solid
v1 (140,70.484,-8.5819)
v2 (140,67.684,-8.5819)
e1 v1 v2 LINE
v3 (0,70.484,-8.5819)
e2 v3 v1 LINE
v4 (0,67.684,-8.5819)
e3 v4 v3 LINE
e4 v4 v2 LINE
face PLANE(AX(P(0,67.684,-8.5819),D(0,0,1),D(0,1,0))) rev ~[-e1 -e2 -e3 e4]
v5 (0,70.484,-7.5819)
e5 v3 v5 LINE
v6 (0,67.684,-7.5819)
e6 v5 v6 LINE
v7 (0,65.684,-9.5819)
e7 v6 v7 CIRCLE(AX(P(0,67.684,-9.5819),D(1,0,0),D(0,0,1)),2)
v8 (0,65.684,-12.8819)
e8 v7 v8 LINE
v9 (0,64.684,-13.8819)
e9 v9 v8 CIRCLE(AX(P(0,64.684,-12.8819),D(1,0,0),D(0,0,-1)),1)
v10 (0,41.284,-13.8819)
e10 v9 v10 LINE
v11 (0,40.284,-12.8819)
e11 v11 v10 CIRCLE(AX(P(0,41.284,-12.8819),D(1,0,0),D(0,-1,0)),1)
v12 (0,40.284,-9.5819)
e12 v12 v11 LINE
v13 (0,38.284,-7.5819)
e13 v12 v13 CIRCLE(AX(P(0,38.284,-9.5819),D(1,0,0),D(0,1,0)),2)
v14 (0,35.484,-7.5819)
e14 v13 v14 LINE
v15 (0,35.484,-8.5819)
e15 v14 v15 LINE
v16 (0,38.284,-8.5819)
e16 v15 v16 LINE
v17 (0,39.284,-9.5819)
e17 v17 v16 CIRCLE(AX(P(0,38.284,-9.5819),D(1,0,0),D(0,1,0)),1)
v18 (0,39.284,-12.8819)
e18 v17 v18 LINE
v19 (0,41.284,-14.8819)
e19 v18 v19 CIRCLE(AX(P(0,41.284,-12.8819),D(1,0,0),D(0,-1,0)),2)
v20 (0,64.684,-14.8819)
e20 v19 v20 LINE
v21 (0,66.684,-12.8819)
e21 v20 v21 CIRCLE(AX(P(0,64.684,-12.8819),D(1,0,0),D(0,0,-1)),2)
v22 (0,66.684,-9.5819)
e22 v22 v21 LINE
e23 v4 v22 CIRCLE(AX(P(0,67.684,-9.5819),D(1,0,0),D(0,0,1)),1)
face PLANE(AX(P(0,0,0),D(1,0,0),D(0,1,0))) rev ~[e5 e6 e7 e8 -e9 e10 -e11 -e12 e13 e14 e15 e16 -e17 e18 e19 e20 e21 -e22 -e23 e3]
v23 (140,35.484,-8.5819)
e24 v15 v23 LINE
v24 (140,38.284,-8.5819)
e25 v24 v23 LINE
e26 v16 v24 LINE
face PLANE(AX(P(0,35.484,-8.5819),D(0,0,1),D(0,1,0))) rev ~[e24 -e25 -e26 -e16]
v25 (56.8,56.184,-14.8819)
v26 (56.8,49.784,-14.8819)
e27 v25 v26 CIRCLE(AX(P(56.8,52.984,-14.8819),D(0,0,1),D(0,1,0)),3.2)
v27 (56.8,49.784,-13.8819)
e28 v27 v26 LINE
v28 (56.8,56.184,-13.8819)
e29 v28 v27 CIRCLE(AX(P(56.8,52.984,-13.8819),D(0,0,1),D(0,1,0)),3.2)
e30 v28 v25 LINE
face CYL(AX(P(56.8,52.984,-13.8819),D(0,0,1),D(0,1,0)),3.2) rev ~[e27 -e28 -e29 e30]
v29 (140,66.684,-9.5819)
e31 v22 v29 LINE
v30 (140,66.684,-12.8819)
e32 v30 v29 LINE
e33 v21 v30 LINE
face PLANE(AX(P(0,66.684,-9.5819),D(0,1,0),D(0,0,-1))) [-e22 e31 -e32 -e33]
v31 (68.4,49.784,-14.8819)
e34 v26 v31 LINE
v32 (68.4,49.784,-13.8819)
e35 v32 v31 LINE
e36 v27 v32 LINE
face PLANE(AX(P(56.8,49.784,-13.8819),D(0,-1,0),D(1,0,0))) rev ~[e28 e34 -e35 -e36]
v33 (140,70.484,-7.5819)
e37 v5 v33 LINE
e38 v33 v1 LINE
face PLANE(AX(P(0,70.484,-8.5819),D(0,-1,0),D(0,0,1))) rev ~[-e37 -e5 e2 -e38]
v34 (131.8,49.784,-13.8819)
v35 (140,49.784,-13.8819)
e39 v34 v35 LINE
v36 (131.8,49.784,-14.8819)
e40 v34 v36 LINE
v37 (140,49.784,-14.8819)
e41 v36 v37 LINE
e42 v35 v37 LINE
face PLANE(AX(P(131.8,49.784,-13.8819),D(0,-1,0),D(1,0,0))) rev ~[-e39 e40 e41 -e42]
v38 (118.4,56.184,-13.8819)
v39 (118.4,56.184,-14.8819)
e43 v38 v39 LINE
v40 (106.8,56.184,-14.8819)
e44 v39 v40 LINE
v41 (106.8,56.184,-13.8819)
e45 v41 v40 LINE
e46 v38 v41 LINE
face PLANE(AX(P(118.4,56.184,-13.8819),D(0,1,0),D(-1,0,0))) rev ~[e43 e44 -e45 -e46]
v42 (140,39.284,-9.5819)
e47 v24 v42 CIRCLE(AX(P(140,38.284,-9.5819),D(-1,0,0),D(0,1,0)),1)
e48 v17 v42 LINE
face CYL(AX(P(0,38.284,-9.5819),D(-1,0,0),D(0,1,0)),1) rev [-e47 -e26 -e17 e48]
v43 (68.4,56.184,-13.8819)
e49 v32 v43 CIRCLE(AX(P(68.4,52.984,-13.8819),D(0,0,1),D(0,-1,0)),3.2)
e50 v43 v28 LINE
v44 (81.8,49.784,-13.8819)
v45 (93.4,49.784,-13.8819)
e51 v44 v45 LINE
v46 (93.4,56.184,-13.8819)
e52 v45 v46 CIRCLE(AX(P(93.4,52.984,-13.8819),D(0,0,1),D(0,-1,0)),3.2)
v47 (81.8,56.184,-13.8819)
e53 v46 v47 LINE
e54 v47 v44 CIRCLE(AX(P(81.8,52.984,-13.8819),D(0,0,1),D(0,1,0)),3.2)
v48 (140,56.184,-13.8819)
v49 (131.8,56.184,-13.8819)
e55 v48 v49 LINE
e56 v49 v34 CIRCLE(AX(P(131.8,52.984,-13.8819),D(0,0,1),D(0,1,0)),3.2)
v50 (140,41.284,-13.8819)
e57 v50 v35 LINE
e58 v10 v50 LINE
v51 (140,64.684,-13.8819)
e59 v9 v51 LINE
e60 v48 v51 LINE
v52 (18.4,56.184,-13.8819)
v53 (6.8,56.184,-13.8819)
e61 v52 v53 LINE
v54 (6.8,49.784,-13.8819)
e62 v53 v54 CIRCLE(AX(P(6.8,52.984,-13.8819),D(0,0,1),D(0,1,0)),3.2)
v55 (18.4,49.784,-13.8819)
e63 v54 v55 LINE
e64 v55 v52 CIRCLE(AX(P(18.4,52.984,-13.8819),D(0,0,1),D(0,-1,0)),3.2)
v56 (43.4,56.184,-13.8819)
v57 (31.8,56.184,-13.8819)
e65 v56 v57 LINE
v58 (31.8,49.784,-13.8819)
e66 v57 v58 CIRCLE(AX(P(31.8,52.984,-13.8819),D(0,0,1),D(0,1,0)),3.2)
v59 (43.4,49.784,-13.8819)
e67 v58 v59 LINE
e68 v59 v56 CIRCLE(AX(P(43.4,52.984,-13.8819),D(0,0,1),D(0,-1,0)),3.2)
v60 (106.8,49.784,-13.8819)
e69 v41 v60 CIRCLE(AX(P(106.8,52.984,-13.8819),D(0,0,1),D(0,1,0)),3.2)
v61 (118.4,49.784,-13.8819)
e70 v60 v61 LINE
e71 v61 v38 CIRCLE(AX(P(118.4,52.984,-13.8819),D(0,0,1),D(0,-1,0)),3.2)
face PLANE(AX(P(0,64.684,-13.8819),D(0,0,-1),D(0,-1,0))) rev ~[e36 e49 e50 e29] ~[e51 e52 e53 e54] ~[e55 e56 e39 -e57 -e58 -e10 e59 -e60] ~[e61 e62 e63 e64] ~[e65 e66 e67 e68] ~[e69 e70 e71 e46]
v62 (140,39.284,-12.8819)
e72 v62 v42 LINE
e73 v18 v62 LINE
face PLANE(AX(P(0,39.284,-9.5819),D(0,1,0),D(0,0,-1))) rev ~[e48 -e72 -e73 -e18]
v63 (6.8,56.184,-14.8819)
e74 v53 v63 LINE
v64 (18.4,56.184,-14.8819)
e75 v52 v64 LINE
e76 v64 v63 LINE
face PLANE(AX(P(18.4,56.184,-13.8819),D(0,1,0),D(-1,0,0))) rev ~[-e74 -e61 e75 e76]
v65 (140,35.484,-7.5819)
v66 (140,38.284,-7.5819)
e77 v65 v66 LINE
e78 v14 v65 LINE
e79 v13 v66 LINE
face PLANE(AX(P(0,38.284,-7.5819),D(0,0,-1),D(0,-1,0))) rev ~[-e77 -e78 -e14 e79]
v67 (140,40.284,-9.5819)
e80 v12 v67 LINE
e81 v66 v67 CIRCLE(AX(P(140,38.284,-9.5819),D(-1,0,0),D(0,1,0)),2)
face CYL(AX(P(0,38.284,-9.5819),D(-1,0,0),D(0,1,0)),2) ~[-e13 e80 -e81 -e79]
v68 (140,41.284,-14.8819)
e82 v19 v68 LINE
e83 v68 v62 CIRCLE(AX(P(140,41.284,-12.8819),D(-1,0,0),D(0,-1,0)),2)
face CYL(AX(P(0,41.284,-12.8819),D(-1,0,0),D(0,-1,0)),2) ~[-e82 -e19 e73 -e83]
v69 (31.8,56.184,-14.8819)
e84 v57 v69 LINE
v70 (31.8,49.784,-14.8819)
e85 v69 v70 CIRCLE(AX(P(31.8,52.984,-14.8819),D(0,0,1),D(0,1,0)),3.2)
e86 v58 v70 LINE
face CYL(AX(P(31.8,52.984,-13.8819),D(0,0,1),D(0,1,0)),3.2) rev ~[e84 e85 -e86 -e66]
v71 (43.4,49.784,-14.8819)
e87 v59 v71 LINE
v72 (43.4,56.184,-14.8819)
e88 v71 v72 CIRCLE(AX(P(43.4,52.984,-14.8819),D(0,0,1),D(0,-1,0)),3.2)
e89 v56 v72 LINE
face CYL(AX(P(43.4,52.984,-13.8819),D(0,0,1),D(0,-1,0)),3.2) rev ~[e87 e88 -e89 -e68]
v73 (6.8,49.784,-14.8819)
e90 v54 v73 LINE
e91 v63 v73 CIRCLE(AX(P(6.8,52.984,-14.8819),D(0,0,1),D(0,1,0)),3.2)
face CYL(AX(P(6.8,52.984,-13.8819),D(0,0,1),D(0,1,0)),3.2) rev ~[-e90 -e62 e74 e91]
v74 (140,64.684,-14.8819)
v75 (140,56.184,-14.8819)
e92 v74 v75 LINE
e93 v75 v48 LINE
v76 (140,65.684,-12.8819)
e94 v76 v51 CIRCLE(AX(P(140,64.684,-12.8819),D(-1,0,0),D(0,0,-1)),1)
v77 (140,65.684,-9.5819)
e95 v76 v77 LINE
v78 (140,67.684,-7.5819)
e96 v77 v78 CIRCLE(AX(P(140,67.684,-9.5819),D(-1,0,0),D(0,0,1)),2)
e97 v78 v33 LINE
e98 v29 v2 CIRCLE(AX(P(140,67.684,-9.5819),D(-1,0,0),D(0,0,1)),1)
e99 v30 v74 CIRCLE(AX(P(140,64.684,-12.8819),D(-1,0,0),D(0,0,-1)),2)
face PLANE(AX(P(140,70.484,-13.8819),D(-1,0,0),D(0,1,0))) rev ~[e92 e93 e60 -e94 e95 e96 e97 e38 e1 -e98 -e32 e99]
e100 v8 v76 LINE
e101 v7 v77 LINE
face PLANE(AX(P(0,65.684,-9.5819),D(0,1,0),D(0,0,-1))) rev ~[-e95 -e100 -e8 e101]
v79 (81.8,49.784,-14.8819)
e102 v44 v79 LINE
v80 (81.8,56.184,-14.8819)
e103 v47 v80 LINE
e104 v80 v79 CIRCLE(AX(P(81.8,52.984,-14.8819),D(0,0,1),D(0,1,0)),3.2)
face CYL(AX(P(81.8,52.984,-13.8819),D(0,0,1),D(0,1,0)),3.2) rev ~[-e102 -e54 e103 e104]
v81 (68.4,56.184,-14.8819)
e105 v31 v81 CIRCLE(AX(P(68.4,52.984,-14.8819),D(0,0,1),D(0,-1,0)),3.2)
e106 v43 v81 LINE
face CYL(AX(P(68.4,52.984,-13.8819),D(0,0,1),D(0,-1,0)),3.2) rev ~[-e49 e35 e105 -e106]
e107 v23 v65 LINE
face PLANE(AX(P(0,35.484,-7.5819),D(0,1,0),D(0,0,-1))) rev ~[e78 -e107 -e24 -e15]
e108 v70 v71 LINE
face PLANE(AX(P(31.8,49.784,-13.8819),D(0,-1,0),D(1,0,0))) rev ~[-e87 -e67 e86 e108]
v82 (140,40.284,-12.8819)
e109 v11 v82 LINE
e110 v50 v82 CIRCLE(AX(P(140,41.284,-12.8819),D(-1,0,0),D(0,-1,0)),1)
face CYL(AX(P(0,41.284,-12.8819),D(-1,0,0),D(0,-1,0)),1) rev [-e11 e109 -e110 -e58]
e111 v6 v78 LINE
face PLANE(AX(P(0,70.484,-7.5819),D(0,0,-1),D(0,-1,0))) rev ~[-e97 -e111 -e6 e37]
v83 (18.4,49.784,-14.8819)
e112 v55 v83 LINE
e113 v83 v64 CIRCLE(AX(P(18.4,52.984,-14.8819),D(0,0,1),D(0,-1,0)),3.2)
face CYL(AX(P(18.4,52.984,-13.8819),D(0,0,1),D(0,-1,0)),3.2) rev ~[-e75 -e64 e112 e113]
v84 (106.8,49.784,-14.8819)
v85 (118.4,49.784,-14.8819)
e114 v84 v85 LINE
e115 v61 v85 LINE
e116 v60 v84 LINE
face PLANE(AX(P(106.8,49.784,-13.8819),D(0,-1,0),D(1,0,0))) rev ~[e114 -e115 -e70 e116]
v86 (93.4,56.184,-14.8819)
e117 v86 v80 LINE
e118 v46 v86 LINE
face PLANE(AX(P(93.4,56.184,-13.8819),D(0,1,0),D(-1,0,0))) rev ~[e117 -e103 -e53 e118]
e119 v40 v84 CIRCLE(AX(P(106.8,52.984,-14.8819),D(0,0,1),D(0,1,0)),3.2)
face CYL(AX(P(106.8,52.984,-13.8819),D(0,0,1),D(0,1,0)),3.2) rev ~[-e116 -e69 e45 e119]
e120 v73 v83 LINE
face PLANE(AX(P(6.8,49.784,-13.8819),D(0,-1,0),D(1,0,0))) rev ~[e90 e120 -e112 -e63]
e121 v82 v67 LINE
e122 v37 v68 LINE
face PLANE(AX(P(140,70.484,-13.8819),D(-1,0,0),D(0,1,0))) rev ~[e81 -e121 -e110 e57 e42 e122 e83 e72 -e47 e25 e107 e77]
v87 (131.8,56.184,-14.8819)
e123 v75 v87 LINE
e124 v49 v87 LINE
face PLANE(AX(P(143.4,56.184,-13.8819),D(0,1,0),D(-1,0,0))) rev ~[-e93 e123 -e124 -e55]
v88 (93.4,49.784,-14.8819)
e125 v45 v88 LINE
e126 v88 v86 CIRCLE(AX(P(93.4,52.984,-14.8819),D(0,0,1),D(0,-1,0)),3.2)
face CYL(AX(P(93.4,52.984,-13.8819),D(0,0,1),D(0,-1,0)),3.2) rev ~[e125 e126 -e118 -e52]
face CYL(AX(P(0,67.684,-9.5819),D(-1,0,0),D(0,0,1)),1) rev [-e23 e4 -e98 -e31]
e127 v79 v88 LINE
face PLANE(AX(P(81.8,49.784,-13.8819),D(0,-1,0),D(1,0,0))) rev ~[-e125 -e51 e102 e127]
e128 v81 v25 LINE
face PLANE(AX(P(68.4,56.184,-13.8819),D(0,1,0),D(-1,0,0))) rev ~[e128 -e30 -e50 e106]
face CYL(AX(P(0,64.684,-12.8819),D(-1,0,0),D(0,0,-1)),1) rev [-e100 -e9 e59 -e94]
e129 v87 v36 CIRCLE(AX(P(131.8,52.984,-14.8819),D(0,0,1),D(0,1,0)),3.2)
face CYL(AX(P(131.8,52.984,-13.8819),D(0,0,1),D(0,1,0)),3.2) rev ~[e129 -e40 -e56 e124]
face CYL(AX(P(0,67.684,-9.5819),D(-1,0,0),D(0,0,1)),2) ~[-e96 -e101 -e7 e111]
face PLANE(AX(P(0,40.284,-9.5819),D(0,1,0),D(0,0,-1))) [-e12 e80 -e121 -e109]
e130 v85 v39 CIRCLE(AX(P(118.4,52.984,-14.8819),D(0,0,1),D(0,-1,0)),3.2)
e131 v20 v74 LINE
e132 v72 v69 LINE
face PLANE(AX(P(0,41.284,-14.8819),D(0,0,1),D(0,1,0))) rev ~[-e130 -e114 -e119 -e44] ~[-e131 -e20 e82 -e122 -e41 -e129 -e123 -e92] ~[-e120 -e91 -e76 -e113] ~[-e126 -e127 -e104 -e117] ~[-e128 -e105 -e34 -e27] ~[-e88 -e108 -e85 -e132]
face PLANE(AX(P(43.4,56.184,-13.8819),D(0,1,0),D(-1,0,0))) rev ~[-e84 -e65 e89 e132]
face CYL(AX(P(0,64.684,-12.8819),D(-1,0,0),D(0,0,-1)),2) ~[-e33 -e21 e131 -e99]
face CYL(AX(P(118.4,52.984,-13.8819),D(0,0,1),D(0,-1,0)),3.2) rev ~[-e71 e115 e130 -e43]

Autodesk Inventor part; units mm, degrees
ref_plane "YZ Plane" through (0, 0, 0) normal (1, 0, 0) x (0, 1, 0)
ref_plane "XZ Plane" through (0, 0, 0) normal (0, 1, 0) x (-1, 0, 0)
ref_plane "XY Plane" through (0, 0, 0) normal (0, 0, 1) x (1, 0, 0)
sketch "Sketch1" plane through (0, 0, 0) normal (1, 0, 0) x (0, 1, 0)
  line L0 (41.284, -14.8819) -> (64.684, -14.8819)
  line L1 (64.684, -13.8819) -> (41.284, -13.8819)
  line L2 (67.684, -8.5819) -> (70.484, -8.5819)
  line L3 (70.484, -8.5819) -> (70.484, -7.5819)
  line L4 (70.484, -7.5819) -> (67.684, -7.5819)
  line L5 (-1817770.1114, -20.3632) -> (-1817770.1114, -8.5819)
  line L6 (38.284, -7.5819) -> (35.484, -7.5819)
  line L7 (35.484, -7.5819) -> (35.484, -8.5819)
  line L8 (35.484, -8.5819) -> (38.284, -8.5819)
  line L9 (40.284, -9.5819) -> (40.284, -12.8819)
  arc A0 (67.684, -8.5819) -> (66.684, -9.5819) centre (67.684, -9.5819) ccw
  arc A1 (64.684, -13.8819) -> (65.684, -12.8819) centre (64.684, -12.8819) ccw
  arc A2 (40.284, -12.8819) -> (41.284, -13.8819) centre (41.284, -12.8819) ccw
  arc A3 (39.284, -9.5819) -> (38.284, -8.5819) centre (38.284, -9.5819) ccw
  arc A4 (40.284, -9.5819) -> (38.284, -7.5819) centre (38.284, -9.5819) ccw
  arc A5 (39.284, -12.8819) -> (41.284, -14.8819) centre (41.284, -12.8819) ccw
  line L10 (39.284, -9.5819) -> (39.284, -12.8819)
  arc A6 (67.684, -7.5819) -> (65.684, -9.5819) centre (67.684, -9.5819) ccw
  arc A7 (64.684, -14.8819) -> (66.684, -12.8819) centre (64.684, -12.8819) ccw
  line L11 (66.684, -9.5819) -> (66.684, -12.8819)
  line L12 (65.684, -9.5819) -> (65.684, -12.8819)
  line L13 (52.984, -4.8951) -> (52.984, -40.6352) construction
  line L14 (-285.558, -25.9225) -> (179.442, -25.9225) projected
  line L15 (179.442, -25.9225) -> (179.442, -22.9225) projected
  line L16 (-285.558, -22.9225) -> (179.442, -22.9225) projected
  line L17 (-285.558, -25.9225) -> (-285.558, -22.9225) projected
  point P0 (0, 0)
  point P1 (40.284, -11.2319)
  dimension "d0" = 1
  dimension "d1" = 1
  dimension "d5" = 35
  dimension "d8" = 7.3
  dimension "d9" = 1
  dimension "d10" = 1
  dimension "d11" = 2
  dimension "d12" = 2
  dimension "d13" = 12.7
  dimension "d15" = 12.7
  dimension "d16" = 4.8
  dimension "d17" = 4.8
  dimension "d20" = 1
  dimension "d21" = 1
  dimension "d22" = 2
extrude "Extrusion1" add sketch "Sketch1" along normal blind 300 contours A5 L10 A3 L8 L7 L6 A4 L9 A2 L1 A1 L12 A6 L4 L3 L2 A0 L11 A7 L0
sketch "Sketch2" plane through (0, 41.284, -13.8819) normal (0, 0, 1) x (1, 0, 0)
  line L0 (3.6, 11.7) -> (21.6, 11.7) construction
  line L1 (6.8, 8.5) -> (18.4, 8.5)
  line L2 (18.4, 14.9) -> (6.8, 14.9)
  arc A0 (6.8, 14.9) -> (6.8, 8.5) centre (6.8, 11.7) ccw
  arc A1 (18.4, 8.5) -> (18.4, 14.9) centre (18.4, 11.7) ccw
  line L3 (0, 29.2) -> (300, 29.2) projected
  line L4 (0, -5.8) -> (300, -5.8) projected
  line L5 (0, 23.4) -> (0, 0) projected
  arc A2 (31.8, 14.9) -> (31.8, 8.5) centre (31.8, 11.7) ccw
  line L6 (31.8, 8.5) -> (43.4, 8.5)
  arc A3 (43.4, 8.5) -> (43.4, 14.9) centre (43.4, 11.7) ccw
  line L7 (43.4, 14.9) -> (31.8, 14.9)
  arc A4 (56.8, 14.9) -> (56.8, 8.5) centre (56.8, 11.7) ccw
  line L8 (56.8, 8.5) -> (68.4, 8.5)
  arc A5 (68.4, 8.5) -> (68.4, 14.9) centre (68.4, 11.7) ccw
  line L9 (68.4, 14.9) -> (56.8, 14.9)
  arc A6 (81.8, 14.9) -> (81.8, 8.5) centre (81.8, 11.7) ccw
  line L10 (81.8, 8.5) -> (93.4, 8.5)
  arc A7 (93.4, 8.5) -> (93.4, 14.9) centre (93.4, 11.7) ccw
  line L11 (93.4, 14.9) -> (81.8, 14.9)
  arc A8 (106.8, 14.9) -> (106.8, 8.5) centre (106.8, 11.7) ccw
  line L12 (106.8, 8.5) -> (118.4, 8.5)
  arc A9 (118.4, 8.5) -> (118.4, 14.9) centre (118.4, 11.7) ccw
  line L13 (118.4, 14.9) -> (106.8, 14.9)
  arc A10 (131.8, 14.9) -> (131.8, 8.5) centre (131.8, 11.7) ccw
  line L14 (131.8, 8.5) -> (143.4, 8.5)
  arc A11 (143.4, 8.5) -> (143.4, 14.9) centre (143.4, 11.7) ccw
  line L15 (143.4, 14.9) -> (131.8, 14.9)
  arc A12 (156.8, 14.9) -> (156.8, 8.5) centre (156.8, 11.7) ccw
  line L16 (156.8, 8.5) -> (168.4, 8.5)
  arc A13 (168.4, 8.5) -> (168.4, 14.9) centre (168.4, 11.7) ccw
  line L17 (168.4, 14.9) -> (156.8, 14.9)
  arc A14 (181.8, 14.9) -> (181.8, 8.5) centre (181.8, 11.7) ccw
  line L18 (181.8, 8.5) -> (193.4, 8.5)
  arc A15 (193.4, 8.5) -> (193.4, 14.9) centre (193.4, 11.7) ccw
  line L19 (193.4, 14.9) -> (181.8, 14.9)
  line L20 (0, 0) -> (300, 0) projected
  line L21 (0, 24.4) -> (300, 24.4) projected
  line L22 (0, -1) -> (300, -1) projected
  arc A16 (206.8, 14.9) -> (206.8, 8.5) centre (206.8, 11.7) ccw
  line L23 (218.4, 14.9) -> (206.8, 14.9)
  arc A17 (218.4, 8.5) -> (218.4, 14.9) centre (218.4, 11.7) ccw
  line L24 (206.8, 8.5) -> (218.4, 8.5)
  arc A18 (231.8, 14.9) -> (231.8, 8.5) centre (231.8, 11.7) ccw
  line L25 (243.4, 14.9) -> (231.8, 14.9)
  arc A19 (243.4, 8.5) -> (243.4, 14.9) centre (243.4, 11.7) ccw
  line L26 (231.8, 8.5) -> (243.4, 8.5)
  arc A20 (256.8, 14.9) -> (256.8, 8.5) centre (256.8, 11.7) ccw
  line L27 (268.4, 14.9) -> (256.8, 14.9)
  arc A21 (268.4, 8.5) -> (268.4, 14.9) centre (268.4, 11.7) ccw
  line L28 (256.8, 8.5) -> (268.4, 8.5)
  arc A22 (281.8, 14.9) -> (281.8, 8.5) centre (281.8, 11.7) ccw
  line L29 (293.4, 14.9) -> (281.8, 14.9)
  arc A23 (293.4, 8.5) -> (293.4, 14.9) centre (293.4, 11.7) ccw
  line L30 (281.8, 8.5) -> (293.4, 8.5)
  point P0 (0, -41.284)
  point P1 (12.6, 11.7)
  point P2 (28.6, 11.7)
  point P3 (46.6, 11.7)
  point P4 (53.6, 11.7)
  point P5 (71.6, 11.7)
  point P6 (78.6, 11.7)
  point P7 (96.6, 11.7)
  point P8 (103.6, 11.7)
  point P9 (121.6, 11.7)
  point P10 (128.6, 11.7)
  point P11 (146.6, 11.7)
  point P12 (153.6, 11.7)
  point P13 (171.6, 11.7)
  point P14 (178.6, 11.7)
  point P15 (196.6, 11.7)
  point P16 (28.6, 11.7)
  point P17 (203.6, 11.7)
  point P18 (221.6, 11.7)
  point P19 (228.6, 11.7)
  point P20 (246.6, 11.7)
  point P21 (253.6, 11.7)
  point P22 (271.6, 11.7)
  point P23 (278.6, 11.7)
  point P24 (296.6, 11.7)
  dimension "d26" = 18
  dimension "d33" = 25
  dimension "d46" = 3.6
  dimension "d47" = 17.5
  dimension "d48" = 17.5
  dimension "d51" = 25
extrude "Extrusion2" cut sketch "Sketch2" against normal blind 25
sketch "Sketch3" plane through (0, 41.284, -13.8819) normal (0, 0, 1) x (1, 0, 0)
  line L0 (140, 34.2) -> (302, 34.2)
  line L1 (302, 34.2) -> (302, -10.8)
  line L2 (302, -10.8) -> (140, -10.8)
  line L3 (140, -10.8) -> (140, 34.2)
  line L4 (0, 23.4) -> (0, 0) projected
  line L5 (300, 23.4) -> (300, 0) projected
  line L6 (0, -5.8) -> (300, -5.8) projected
  line L7 (0, 29.2) -> (300, 29.2) projected
  point P0 (0, -41.284)
  dimension "d56" = 140
  dimension "d57" = 2
  dimension "d58" = 5
  dimension "d59" = 5
extrude "Extrusion3" cut sketch "Sketch3" along normal through all both and the other way through all
equation "\"d39\" = d33"
properties part number "DIN-rail-short"
